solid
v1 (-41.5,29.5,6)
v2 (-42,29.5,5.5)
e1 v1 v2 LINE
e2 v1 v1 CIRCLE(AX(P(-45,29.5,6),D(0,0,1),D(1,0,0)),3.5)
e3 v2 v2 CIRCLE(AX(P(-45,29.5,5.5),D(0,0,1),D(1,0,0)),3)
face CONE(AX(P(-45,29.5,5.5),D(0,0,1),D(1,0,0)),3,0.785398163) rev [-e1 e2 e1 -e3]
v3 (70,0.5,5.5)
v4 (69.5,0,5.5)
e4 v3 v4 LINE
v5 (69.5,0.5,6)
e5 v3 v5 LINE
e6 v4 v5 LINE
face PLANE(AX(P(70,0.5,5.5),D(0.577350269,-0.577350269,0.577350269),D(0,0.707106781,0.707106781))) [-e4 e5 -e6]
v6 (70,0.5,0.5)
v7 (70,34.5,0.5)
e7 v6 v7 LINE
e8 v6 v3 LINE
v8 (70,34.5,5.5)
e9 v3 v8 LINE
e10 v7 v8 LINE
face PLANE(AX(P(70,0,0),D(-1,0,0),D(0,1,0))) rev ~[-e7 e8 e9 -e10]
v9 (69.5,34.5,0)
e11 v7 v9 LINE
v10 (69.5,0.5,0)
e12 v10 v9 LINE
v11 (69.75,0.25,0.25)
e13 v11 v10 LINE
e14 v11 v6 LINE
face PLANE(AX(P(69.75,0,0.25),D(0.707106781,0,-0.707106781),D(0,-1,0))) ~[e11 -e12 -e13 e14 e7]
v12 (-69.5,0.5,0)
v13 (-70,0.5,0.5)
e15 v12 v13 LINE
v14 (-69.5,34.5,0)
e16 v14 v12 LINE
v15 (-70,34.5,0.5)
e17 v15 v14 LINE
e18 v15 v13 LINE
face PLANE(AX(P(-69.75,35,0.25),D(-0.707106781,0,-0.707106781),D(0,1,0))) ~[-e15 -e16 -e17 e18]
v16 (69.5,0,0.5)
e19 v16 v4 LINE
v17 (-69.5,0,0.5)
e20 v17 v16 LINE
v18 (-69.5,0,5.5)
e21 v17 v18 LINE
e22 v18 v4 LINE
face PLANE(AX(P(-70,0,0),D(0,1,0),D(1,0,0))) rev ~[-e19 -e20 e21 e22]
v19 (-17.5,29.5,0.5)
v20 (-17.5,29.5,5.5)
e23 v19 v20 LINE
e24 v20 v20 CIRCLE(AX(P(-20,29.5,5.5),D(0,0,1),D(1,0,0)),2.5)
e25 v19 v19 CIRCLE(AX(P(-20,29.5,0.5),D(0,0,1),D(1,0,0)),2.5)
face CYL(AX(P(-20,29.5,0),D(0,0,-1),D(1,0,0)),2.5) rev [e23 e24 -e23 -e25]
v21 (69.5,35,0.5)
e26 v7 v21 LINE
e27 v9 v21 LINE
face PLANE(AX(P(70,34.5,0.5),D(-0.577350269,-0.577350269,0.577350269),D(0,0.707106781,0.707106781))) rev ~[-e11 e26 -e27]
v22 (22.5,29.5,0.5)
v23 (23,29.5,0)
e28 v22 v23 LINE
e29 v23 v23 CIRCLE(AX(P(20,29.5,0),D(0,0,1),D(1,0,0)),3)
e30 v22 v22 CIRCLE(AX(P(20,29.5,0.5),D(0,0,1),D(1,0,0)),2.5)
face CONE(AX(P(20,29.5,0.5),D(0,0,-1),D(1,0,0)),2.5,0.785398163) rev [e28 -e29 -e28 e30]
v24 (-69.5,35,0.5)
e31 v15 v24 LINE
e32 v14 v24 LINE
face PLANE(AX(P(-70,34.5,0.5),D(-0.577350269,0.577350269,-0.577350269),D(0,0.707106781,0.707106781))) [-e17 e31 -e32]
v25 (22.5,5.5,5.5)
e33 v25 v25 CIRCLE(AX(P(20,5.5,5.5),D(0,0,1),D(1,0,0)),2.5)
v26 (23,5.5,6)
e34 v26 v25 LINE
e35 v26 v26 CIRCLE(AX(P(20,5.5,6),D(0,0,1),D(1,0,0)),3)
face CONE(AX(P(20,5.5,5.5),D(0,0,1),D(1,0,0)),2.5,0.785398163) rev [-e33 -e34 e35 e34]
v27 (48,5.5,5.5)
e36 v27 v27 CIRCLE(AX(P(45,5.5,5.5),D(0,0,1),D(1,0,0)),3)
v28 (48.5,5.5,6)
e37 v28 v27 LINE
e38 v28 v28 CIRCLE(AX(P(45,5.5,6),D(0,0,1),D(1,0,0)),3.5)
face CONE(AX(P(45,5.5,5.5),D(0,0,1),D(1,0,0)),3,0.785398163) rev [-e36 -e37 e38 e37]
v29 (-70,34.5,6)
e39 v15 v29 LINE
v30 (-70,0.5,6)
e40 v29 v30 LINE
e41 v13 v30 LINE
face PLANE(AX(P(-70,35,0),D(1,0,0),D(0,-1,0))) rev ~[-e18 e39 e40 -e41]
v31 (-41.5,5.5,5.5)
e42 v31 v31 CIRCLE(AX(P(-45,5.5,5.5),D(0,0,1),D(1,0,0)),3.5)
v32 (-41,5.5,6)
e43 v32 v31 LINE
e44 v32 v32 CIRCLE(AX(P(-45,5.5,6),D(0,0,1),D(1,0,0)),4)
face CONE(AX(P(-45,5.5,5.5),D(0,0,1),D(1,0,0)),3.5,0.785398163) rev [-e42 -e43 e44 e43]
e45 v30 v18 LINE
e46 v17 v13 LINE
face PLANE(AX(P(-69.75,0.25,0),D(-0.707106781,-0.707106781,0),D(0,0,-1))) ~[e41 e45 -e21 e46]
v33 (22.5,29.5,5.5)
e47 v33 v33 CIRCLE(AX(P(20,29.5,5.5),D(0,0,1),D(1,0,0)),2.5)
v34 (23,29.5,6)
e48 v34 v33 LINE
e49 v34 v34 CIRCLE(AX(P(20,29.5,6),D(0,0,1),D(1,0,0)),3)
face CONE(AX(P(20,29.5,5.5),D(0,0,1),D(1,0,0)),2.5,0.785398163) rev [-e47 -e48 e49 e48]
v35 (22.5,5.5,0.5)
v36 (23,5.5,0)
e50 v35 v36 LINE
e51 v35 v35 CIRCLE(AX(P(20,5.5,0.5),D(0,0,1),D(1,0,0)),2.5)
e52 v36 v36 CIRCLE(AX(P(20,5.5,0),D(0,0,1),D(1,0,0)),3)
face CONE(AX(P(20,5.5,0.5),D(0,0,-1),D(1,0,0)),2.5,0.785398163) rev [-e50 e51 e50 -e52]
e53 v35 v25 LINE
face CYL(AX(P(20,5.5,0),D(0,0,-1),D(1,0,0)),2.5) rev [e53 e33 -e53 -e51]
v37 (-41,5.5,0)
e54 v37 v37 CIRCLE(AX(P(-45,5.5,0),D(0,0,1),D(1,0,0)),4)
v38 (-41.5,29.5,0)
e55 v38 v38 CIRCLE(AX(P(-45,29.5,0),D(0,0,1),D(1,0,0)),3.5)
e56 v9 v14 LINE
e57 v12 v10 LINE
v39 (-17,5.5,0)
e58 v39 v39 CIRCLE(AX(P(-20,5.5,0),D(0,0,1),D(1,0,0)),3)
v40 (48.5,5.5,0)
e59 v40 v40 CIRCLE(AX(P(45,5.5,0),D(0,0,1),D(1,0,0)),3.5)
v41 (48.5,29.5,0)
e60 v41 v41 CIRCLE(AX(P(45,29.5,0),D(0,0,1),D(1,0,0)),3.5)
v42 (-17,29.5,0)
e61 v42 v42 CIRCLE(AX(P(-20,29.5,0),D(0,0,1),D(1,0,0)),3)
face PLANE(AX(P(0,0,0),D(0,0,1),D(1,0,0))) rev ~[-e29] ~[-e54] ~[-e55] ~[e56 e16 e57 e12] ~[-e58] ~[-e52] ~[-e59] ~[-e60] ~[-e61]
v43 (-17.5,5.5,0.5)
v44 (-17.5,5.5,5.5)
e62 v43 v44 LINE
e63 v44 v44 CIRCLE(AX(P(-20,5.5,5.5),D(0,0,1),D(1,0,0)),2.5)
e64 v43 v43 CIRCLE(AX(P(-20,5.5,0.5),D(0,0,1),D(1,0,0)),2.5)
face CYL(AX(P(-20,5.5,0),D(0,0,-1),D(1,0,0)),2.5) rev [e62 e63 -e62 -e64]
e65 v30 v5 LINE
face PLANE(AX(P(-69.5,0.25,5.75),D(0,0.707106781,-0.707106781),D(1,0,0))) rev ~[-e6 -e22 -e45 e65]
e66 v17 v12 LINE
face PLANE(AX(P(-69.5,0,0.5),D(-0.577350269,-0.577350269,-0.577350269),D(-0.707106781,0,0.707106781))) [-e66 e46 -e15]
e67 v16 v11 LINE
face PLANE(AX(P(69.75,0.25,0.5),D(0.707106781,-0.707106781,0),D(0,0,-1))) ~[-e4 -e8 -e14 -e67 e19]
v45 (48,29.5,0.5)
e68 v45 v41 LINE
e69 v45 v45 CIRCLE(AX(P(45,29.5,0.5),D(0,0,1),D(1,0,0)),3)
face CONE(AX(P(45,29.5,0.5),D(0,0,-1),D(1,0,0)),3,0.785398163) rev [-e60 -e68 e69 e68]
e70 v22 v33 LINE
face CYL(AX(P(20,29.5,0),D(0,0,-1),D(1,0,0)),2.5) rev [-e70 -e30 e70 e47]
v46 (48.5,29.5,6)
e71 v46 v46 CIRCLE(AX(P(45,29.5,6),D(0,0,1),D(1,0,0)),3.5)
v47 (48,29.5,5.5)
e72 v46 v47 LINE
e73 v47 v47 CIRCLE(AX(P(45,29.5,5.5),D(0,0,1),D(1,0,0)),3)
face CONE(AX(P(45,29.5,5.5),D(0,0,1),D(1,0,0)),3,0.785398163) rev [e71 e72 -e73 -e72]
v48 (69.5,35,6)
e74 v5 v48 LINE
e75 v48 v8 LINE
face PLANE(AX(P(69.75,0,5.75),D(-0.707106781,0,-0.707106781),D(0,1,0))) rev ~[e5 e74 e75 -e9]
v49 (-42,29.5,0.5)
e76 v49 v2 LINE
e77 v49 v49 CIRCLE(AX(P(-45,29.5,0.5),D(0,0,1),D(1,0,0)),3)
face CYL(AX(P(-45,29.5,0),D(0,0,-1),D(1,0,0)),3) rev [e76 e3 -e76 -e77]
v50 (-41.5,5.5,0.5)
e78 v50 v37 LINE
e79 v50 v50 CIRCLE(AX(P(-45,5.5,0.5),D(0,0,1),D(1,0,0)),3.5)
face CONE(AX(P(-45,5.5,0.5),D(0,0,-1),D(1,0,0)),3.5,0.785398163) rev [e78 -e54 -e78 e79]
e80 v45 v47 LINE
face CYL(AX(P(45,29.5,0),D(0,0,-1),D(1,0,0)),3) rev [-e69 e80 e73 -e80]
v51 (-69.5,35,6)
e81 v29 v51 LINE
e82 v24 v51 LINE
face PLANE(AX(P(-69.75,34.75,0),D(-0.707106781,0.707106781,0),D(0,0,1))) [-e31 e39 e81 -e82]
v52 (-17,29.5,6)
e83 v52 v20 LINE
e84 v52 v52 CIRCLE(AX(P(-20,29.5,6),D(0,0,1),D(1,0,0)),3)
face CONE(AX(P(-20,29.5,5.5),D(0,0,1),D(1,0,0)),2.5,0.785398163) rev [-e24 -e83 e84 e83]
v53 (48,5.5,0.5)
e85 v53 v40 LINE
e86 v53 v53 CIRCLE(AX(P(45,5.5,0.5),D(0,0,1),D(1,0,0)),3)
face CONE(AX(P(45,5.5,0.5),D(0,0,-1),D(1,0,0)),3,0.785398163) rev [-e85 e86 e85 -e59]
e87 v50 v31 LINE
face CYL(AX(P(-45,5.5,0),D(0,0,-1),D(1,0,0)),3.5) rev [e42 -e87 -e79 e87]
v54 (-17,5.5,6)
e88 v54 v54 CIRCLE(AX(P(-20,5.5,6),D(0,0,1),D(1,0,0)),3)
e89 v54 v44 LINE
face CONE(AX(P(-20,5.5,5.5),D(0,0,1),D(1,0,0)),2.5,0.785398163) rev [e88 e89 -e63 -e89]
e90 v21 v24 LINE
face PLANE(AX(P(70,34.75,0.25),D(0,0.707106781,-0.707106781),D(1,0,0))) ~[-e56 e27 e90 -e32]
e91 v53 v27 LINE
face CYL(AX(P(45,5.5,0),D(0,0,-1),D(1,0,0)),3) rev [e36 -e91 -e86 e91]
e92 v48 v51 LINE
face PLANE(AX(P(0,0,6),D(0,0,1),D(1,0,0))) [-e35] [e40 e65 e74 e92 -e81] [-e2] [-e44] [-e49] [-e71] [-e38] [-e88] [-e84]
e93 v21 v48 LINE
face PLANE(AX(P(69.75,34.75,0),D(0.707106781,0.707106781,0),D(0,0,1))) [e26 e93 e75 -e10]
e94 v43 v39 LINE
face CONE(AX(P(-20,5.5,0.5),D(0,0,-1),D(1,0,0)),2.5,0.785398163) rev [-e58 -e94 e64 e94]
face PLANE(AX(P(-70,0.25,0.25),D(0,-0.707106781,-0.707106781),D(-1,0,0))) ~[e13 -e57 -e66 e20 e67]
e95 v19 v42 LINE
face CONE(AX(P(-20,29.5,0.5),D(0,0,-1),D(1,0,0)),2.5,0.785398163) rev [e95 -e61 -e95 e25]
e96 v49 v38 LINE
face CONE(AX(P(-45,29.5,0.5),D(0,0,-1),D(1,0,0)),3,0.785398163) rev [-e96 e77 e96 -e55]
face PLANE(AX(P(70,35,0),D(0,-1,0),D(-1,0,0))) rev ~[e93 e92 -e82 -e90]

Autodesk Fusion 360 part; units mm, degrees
sketch "Top" plane through (0, 0, 0) normal (0, 0, 1) x (1, 0, 0)
  line L0 (-70, 0) -> (70, 0)
  line L1 (70, 0) -> (70, 35)
  line L2 (70, 35) -> (-70, 35)
  line L3 (-70, 35) -> (-70, 0)
  line L4 (-45, 29.5) -> (45, 29.5) construction
  line L5 (45, 29.5) -> (45, 5.5) construction
  line L6 (45, 5.5) -> (-45, 5.5) construction
  line L7 (-45, 5.5) -> (-45, 29.5) construction
  line L8 (70, 24.75) -> (45, 24.75) construction
  line L9 (-70, 24.75) -> (-45, 24.75) construction
  line L10 (20, 35) -> (20, 29.5) construction
  line L11 (9.991, 5.5) -> (9.991, 0) construction
  line L12 (-20, 29.5) -> (20, 29.5) construction
  line L13 (20, 29.5) -> (20, 5.5) construction
  line L14 (20, 5.5) -> (-20, 5.5) construction
  line L15 (-20, 5.5) -> (-20, 29.5) construction
  line L16 (20, 14.3708) -> (45, 14.3708) construction
  line L17 (-20, 14.3708) -> (-45, 14.3708) construction
  circle A0 centre (-45, 29.5) radius 3
  circle A1 centre (-45, 5.5) radius 3.5
  circle A2 centre (45, 29.5) radius 3
  circle A3 centre (45, 5.5) radius 3
  circle A4 centre (20, 29.5) radius 2.5
  circle A5 centre (-20, 29.5) radius 2.5
  circle A6 centre (20, 5.5) radius 2.5
  circle A7 centre (-20, 5.5) radius 2.5
  dimension "d1" = 140
  dimension "d2" = 35
  dimension "d3" = 70
  dimension "d4" = 90
  dimension "d5" = 24
  dimension "d6" = 40
  dimension "d7" = 6
  dimension "d8" = 7
  dimension "d9" = 6
  dimension "d10" = 6
  dimension "d11" = 5
  dimension "d13" = 5
  dimension "d15" = 35
  dimension "d16" = 40
  dimension "d18" = 24
  dimension "d19" = 5
  dimension "d20" = 5
extrude "Extrude1" add sketch "Top" along normal blind 6
chamfer "Chamfer1" distance 0.5 angle 45 15 edges at (0, 35, 0) (-70, 17.5, 0) (0, 0, 0) (70, 17.5, 0) (70, 35, 3) (-70, 35, 3) (-70, 0, 3) (-47.797, 30.5848, 0) (-48.2631, 6.7657, 0) (-22.3308, 6.404, 0) (-22.3308, 30.404, 0) (17.6692, 30.404, 0) (17.6692, 6.404, 0) (42.203, 6.5848, 0) (42.203, 30.5848, 0)
chamfer "Chamfer2" distance 0.5 angle 45 11 edges at (0.25, 0, 6) (70, 0, 3.25) (70, 17.25, 6) (42.203, 30.5848, 6) (42.203, 6.5848, 6) (17.6692, 6.404, 6) (17.6692, 30.404, 6) (-22.3308, 30.404, 6) (-22.3308, 6.404, 6) (-48.2631, 6.7657, 6) (-47.797, 30.5848, 6)
